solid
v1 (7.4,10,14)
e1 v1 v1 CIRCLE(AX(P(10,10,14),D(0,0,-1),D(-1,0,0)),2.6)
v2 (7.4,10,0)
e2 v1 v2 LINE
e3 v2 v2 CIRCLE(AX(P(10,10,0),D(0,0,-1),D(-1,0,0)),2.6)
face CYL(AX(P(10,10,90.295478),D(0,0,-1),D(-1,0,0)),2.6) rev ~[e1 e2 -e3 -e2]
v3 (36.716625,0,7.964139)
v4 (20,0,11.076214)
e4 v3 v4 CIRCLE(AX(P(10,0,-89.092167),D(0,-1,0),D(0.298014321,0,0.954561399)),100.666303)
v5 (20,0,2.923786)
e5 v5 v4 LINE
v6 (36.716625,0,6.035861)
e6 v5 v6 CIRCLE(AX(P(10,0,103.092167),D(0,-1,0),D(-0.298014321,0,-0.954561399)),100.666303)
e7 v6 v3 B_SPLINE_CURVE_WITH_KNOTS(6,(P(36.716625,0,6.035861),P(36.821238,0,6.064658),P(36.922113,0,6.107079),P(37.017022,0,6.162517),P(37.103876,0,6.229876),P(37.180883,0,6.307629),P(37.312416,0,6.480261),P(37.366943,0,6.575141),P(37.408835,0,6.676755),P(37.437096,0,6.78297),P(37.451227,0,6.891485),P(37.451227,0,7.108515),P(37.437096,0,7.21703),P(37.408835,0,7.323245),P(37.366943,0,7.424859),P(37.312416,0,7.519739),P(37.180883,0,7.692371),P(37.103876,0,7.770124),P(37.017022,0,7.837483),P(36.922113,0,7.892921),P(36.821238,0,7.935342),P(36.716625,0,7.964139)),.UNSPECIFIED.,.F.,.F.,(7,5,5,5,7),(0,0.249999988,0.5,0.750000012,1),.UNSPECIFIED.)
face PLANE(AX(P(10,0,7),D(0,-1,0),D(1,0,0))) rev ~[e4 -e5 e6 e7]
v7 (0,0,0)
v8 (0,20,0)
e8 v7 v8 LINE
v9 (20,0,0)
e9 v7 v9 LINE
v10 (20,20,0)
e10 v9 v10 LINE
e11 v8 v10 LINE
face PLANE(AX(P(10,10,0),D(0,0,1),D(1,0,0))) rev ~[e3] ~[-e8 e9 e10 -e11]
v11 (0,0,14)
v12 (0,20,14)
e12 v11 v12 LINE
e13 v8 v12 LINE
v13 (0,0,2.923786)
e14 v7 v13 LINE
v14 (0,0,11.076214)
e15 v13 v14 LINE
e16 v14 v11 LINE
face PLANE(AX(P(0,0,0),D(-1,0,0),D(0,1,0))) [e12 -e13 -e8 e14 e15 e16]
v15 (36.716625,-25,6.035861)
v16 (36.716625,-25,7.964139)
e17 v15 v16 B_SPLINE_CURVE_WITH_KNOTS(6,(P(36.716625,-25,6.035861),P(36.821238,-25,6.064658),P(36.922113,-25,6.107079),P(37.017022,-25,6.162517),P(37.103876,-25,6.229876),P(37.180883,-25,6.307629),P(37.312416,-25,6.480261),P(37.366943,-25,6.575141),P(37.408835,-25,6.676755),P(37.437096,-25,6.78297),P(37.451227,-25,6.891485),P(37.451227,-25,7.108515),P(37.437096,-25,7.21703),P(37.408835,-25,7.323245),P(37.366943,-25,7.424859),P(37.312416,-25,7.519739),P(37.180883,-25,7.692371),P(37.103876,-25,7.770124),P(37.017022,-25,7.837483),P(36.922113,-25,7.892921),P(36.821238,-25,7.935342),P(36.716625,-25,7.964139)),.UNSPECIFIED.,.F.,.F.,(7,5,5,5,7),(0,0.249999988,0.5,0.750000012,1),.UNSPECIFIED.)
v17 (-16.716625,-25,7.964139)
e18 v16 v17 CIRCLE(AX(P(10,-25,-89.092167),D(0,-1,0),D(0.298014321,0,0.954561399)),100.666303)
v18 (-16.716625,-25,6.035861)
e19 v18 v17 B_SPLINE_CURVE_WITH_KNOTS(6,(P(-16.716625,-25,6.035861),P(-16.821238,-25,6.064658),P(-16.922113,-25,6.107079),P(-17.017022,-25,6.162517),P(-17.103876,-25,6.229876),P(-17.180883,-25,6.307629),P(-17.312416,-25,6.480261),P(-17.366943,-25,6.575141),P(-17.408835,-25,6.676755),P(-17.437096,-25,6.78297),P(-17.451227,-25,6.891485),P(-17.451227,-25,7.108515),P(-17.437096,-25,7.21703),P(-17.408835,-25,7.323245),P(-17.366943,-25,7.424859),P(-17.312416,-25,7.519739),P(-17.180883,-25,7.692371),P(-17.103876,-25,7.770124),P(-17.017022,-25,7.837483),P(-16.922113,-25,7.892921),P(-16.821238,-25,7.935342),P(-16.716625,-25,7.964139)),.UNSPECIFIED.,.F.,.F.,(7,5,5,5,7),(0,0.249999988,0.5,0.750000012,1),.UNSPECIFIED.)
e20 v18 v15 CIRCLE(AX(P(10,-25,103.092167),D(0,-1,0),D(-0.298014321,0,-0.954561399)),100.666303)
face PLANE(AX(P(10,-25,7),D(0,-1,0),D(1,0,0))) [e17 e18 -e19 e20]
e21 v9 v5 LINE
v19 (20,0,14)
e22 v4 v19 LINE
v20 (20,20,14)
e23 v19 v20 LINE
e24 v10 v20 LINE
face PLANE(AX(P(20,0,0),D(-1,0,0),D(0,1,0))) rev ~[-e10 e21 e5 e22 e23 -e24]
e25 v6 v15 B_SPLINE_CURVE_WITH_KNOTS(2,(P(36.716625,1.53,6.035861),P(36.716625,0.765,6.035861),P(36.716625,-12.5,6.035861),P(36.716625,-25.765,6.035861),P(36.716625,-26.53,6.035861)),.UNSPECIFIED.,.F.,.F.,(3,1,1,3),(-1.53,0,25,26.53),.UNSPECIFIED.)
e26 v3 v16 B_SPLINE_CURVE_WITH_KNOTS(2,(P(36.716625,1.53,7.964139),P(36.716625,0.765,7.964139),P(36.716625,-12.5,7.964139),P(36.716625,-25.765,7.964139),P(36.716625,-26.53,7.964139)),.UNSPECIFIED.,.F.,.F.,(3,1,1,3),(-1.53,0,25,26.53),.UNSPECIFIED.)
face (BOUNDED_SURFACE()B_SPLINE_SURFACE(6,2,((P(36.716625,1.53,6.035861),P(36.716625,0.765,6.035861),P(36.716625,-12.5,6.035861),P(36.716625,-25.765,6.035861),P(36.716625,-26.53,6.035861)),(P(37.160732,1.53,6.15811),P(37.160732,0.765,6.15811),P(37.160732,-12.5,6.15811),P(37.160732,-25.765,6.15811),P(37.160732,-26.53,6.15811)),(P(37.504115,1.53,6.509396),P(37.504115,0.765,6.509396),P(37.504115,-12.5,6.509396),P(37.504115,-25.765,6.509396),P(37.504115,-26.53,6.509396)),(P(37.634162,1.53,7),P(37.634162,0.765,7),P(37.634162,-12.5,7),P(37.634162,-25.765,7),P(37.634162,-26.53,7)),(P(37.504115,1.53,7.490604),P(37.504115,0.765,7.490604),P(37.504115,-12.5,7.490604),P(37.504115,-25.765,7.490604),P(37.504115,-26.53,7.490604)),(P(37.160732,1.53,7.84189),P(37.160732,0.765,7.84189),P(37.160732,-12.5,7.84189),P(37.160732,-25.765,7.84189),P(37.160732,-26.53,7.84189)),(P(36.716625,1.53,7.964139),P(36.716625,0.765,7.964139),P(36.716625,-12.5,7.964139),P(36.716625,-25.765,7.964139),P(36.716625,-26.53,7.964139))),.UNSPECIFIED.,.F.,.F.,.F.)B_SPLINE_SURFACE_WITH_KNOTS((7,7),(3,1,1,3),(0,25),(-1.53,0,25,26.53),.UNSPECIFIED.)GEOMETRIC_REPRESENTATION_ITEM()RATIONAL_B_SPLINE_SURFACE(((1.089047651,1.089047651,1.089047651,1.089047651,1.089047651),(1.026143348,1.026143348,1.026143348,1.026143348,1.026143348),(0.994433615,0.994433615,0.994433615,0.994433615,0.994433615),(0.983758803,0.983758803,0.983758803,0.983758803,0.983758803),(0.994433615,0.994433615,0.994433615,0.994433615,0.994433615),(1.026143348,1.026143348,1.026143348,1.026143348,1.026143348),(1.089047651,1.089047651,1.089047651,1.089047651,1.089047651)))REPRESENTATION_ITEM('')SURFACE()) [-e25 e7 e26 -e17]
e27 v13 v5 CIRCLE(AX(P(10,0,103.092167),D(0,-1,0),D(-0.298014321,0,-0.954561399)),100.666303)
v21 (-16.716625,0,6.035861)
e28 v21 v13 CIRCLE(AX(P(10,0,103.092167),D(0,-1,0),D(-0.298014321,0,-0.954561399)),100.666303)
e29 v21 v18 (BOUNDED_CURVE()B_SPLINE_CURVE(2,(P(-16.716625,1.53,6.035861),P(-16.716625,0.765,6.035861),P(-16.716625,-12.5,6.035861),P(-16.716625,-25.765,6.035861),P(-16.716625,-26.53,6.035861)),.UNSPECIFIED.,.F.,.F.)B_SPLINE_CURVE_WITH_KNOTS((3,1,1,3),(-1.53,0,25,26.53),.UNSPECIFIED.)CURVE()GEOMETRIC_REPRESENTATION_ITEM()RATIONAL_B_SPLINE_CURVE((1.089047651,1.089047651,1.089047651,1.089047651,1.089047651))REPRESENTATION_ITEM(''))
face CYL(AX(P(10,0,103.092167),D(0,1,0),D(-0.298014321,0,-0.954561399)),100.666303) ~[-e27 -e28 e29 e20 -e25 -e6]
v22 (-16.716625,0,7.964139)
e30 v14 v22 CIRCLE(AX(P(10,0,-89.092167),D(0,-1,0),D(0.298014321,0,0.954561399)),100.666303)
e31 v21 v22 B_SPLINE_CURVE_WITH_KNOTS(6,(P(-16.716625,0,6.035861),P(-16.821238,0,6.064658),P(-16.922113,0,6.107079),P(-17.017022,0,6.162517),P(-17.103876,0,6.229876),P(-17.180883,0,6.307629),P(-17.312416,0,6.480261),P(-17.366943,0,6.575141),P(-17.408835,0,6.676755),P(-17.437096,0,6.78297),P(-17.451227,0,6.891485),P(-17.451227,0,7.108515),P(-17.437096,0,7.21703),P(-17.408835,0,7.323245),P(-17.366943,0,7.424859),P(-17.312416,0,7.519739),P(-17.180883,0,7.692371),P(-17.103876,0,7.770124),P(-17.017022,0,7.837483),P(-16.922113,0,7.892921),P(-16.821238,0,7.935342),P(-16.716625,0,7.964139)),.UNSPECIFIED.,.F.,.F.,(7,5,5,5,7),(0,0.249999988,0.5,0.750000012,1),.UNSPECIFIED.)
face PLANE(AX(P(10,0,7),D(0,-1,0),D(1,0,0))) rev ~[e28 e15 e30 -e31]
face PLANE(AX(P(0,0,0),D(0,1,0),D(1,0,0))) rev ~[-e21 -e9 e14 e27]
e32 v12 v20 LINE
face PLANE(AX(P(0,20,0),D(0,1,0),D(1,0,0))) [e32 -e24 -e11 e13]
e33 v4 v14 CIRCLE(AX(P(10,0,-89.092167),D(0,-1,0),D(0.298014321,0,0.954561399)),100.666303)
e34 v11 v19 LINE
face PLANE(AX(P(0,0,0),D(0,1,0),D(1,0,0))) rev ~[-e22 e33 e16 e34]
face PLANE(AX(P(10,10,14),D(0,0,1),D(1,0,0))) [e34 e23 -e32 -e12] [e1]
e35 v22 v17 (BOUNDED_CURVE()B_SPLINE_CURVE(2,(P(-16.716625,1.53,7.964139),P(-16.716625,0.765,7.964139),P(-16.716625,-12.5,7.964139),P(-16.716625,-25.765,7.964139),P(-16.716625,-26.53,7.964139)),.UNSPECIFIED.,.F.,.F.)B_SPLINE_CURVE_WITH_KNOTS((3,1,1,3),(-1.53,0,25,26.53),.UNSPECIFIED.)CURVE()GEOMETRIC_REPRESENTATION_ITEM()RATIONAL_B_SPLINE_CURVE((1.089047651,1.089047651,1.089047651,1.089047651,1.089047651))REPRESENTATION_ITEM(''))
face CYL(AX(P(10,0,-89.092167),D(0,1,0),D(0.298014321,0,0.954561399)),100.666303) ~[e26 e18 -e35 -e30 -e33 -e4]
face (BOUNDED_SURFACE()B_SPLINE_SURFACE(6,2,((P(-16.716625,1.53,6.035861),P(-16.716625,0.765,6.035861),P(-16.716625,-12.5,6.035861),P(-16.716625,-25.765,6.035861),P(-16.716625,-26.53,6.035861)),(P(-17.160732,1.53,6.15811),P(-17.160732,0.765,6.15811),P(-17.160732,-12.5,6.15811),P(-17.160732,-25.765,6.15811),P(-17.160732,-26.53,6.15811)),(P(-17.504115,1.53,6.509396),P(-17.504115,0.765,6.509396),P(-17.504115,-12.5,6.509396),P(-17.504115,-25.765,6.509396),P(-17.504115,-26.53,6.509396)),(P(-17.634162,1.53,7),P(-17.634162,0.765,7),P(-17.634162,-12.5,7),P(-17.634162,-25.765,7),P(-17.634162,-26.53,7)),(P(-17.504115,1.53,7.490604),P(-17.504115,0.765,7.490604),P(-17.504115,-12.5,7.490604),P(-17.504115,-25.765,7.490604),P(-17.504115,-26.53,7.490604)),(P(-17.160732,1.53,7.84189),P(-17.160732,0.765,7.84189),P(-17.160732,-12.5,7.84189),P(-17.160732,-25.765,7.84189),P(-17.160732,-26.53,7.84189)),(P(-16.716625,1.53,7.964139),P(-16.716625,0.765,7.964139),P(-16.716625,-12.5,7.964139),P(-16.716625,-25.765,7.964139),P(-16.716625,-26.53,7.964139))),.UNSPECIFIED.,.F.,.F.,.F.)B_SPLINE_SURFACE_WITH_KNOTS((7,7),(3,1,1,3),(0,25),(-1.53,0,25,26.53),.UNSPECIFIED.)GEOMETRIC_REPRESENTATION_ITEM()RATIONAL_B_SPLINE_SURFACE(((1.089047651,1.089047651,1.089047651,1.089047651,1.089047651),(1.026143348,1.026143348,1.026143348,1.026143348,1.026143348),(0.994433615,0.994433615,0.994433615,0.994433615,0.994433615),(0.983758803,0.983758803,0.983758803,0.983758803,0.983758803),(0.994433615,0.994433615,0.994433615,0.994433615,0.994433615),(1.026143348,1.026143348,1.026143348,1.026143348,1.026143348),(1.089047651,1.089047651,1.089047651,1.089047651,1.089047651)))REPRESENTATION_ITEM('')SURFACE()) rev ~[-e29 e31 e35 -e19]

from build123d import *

# Parameters (mm, degrees)
F0_W     = 20
F0_H     = 20
F1_DEPTH = 14
F3_DEPTH = 25
F5_D     = 5.2
F6_R     = 1
F7_R     = 1


with BuildPart() as f1:
    # F0 (on Top) → F1 (new body)
    with BuildSketch(Plane.XY):
        with Locations((10, 10)):
            Rectangle(F0_W, F0_H)
    extrude(amount=F1_DEPTH)

    # F2 (on Front) → F3 (join)
    with BuildSketch(Plane.XZ):
        with BuildLine():
            ThreePointArc((-20, 7), (10, 2.4258640188), (40, 7))
            ThreePointArc((40, 7), (10, 11.5741359812), (-20, 7))
        make_face()
    extrude(amount=F3_DEPTH)

    # F5 (through all)
    with Locations(Plane.XY.offset(14)):
        with Locations((10, 10)):
            Hole(F5_D / 2)

    # F6
    f6_edges = [f1.edges().sort_by_distance(p)[0] for p in [
        (40, -12.5, 7),
    ]]
    fillet(f6_edges, radius=F6_R)

    # F7
    f7_edges = [f1.edges().sort_by_distance(p)[0] for p in [
        (-20, -12.5, 7),
    ]]
    fillet(f7_edges, radius=F7_R)


solid = f1.part
